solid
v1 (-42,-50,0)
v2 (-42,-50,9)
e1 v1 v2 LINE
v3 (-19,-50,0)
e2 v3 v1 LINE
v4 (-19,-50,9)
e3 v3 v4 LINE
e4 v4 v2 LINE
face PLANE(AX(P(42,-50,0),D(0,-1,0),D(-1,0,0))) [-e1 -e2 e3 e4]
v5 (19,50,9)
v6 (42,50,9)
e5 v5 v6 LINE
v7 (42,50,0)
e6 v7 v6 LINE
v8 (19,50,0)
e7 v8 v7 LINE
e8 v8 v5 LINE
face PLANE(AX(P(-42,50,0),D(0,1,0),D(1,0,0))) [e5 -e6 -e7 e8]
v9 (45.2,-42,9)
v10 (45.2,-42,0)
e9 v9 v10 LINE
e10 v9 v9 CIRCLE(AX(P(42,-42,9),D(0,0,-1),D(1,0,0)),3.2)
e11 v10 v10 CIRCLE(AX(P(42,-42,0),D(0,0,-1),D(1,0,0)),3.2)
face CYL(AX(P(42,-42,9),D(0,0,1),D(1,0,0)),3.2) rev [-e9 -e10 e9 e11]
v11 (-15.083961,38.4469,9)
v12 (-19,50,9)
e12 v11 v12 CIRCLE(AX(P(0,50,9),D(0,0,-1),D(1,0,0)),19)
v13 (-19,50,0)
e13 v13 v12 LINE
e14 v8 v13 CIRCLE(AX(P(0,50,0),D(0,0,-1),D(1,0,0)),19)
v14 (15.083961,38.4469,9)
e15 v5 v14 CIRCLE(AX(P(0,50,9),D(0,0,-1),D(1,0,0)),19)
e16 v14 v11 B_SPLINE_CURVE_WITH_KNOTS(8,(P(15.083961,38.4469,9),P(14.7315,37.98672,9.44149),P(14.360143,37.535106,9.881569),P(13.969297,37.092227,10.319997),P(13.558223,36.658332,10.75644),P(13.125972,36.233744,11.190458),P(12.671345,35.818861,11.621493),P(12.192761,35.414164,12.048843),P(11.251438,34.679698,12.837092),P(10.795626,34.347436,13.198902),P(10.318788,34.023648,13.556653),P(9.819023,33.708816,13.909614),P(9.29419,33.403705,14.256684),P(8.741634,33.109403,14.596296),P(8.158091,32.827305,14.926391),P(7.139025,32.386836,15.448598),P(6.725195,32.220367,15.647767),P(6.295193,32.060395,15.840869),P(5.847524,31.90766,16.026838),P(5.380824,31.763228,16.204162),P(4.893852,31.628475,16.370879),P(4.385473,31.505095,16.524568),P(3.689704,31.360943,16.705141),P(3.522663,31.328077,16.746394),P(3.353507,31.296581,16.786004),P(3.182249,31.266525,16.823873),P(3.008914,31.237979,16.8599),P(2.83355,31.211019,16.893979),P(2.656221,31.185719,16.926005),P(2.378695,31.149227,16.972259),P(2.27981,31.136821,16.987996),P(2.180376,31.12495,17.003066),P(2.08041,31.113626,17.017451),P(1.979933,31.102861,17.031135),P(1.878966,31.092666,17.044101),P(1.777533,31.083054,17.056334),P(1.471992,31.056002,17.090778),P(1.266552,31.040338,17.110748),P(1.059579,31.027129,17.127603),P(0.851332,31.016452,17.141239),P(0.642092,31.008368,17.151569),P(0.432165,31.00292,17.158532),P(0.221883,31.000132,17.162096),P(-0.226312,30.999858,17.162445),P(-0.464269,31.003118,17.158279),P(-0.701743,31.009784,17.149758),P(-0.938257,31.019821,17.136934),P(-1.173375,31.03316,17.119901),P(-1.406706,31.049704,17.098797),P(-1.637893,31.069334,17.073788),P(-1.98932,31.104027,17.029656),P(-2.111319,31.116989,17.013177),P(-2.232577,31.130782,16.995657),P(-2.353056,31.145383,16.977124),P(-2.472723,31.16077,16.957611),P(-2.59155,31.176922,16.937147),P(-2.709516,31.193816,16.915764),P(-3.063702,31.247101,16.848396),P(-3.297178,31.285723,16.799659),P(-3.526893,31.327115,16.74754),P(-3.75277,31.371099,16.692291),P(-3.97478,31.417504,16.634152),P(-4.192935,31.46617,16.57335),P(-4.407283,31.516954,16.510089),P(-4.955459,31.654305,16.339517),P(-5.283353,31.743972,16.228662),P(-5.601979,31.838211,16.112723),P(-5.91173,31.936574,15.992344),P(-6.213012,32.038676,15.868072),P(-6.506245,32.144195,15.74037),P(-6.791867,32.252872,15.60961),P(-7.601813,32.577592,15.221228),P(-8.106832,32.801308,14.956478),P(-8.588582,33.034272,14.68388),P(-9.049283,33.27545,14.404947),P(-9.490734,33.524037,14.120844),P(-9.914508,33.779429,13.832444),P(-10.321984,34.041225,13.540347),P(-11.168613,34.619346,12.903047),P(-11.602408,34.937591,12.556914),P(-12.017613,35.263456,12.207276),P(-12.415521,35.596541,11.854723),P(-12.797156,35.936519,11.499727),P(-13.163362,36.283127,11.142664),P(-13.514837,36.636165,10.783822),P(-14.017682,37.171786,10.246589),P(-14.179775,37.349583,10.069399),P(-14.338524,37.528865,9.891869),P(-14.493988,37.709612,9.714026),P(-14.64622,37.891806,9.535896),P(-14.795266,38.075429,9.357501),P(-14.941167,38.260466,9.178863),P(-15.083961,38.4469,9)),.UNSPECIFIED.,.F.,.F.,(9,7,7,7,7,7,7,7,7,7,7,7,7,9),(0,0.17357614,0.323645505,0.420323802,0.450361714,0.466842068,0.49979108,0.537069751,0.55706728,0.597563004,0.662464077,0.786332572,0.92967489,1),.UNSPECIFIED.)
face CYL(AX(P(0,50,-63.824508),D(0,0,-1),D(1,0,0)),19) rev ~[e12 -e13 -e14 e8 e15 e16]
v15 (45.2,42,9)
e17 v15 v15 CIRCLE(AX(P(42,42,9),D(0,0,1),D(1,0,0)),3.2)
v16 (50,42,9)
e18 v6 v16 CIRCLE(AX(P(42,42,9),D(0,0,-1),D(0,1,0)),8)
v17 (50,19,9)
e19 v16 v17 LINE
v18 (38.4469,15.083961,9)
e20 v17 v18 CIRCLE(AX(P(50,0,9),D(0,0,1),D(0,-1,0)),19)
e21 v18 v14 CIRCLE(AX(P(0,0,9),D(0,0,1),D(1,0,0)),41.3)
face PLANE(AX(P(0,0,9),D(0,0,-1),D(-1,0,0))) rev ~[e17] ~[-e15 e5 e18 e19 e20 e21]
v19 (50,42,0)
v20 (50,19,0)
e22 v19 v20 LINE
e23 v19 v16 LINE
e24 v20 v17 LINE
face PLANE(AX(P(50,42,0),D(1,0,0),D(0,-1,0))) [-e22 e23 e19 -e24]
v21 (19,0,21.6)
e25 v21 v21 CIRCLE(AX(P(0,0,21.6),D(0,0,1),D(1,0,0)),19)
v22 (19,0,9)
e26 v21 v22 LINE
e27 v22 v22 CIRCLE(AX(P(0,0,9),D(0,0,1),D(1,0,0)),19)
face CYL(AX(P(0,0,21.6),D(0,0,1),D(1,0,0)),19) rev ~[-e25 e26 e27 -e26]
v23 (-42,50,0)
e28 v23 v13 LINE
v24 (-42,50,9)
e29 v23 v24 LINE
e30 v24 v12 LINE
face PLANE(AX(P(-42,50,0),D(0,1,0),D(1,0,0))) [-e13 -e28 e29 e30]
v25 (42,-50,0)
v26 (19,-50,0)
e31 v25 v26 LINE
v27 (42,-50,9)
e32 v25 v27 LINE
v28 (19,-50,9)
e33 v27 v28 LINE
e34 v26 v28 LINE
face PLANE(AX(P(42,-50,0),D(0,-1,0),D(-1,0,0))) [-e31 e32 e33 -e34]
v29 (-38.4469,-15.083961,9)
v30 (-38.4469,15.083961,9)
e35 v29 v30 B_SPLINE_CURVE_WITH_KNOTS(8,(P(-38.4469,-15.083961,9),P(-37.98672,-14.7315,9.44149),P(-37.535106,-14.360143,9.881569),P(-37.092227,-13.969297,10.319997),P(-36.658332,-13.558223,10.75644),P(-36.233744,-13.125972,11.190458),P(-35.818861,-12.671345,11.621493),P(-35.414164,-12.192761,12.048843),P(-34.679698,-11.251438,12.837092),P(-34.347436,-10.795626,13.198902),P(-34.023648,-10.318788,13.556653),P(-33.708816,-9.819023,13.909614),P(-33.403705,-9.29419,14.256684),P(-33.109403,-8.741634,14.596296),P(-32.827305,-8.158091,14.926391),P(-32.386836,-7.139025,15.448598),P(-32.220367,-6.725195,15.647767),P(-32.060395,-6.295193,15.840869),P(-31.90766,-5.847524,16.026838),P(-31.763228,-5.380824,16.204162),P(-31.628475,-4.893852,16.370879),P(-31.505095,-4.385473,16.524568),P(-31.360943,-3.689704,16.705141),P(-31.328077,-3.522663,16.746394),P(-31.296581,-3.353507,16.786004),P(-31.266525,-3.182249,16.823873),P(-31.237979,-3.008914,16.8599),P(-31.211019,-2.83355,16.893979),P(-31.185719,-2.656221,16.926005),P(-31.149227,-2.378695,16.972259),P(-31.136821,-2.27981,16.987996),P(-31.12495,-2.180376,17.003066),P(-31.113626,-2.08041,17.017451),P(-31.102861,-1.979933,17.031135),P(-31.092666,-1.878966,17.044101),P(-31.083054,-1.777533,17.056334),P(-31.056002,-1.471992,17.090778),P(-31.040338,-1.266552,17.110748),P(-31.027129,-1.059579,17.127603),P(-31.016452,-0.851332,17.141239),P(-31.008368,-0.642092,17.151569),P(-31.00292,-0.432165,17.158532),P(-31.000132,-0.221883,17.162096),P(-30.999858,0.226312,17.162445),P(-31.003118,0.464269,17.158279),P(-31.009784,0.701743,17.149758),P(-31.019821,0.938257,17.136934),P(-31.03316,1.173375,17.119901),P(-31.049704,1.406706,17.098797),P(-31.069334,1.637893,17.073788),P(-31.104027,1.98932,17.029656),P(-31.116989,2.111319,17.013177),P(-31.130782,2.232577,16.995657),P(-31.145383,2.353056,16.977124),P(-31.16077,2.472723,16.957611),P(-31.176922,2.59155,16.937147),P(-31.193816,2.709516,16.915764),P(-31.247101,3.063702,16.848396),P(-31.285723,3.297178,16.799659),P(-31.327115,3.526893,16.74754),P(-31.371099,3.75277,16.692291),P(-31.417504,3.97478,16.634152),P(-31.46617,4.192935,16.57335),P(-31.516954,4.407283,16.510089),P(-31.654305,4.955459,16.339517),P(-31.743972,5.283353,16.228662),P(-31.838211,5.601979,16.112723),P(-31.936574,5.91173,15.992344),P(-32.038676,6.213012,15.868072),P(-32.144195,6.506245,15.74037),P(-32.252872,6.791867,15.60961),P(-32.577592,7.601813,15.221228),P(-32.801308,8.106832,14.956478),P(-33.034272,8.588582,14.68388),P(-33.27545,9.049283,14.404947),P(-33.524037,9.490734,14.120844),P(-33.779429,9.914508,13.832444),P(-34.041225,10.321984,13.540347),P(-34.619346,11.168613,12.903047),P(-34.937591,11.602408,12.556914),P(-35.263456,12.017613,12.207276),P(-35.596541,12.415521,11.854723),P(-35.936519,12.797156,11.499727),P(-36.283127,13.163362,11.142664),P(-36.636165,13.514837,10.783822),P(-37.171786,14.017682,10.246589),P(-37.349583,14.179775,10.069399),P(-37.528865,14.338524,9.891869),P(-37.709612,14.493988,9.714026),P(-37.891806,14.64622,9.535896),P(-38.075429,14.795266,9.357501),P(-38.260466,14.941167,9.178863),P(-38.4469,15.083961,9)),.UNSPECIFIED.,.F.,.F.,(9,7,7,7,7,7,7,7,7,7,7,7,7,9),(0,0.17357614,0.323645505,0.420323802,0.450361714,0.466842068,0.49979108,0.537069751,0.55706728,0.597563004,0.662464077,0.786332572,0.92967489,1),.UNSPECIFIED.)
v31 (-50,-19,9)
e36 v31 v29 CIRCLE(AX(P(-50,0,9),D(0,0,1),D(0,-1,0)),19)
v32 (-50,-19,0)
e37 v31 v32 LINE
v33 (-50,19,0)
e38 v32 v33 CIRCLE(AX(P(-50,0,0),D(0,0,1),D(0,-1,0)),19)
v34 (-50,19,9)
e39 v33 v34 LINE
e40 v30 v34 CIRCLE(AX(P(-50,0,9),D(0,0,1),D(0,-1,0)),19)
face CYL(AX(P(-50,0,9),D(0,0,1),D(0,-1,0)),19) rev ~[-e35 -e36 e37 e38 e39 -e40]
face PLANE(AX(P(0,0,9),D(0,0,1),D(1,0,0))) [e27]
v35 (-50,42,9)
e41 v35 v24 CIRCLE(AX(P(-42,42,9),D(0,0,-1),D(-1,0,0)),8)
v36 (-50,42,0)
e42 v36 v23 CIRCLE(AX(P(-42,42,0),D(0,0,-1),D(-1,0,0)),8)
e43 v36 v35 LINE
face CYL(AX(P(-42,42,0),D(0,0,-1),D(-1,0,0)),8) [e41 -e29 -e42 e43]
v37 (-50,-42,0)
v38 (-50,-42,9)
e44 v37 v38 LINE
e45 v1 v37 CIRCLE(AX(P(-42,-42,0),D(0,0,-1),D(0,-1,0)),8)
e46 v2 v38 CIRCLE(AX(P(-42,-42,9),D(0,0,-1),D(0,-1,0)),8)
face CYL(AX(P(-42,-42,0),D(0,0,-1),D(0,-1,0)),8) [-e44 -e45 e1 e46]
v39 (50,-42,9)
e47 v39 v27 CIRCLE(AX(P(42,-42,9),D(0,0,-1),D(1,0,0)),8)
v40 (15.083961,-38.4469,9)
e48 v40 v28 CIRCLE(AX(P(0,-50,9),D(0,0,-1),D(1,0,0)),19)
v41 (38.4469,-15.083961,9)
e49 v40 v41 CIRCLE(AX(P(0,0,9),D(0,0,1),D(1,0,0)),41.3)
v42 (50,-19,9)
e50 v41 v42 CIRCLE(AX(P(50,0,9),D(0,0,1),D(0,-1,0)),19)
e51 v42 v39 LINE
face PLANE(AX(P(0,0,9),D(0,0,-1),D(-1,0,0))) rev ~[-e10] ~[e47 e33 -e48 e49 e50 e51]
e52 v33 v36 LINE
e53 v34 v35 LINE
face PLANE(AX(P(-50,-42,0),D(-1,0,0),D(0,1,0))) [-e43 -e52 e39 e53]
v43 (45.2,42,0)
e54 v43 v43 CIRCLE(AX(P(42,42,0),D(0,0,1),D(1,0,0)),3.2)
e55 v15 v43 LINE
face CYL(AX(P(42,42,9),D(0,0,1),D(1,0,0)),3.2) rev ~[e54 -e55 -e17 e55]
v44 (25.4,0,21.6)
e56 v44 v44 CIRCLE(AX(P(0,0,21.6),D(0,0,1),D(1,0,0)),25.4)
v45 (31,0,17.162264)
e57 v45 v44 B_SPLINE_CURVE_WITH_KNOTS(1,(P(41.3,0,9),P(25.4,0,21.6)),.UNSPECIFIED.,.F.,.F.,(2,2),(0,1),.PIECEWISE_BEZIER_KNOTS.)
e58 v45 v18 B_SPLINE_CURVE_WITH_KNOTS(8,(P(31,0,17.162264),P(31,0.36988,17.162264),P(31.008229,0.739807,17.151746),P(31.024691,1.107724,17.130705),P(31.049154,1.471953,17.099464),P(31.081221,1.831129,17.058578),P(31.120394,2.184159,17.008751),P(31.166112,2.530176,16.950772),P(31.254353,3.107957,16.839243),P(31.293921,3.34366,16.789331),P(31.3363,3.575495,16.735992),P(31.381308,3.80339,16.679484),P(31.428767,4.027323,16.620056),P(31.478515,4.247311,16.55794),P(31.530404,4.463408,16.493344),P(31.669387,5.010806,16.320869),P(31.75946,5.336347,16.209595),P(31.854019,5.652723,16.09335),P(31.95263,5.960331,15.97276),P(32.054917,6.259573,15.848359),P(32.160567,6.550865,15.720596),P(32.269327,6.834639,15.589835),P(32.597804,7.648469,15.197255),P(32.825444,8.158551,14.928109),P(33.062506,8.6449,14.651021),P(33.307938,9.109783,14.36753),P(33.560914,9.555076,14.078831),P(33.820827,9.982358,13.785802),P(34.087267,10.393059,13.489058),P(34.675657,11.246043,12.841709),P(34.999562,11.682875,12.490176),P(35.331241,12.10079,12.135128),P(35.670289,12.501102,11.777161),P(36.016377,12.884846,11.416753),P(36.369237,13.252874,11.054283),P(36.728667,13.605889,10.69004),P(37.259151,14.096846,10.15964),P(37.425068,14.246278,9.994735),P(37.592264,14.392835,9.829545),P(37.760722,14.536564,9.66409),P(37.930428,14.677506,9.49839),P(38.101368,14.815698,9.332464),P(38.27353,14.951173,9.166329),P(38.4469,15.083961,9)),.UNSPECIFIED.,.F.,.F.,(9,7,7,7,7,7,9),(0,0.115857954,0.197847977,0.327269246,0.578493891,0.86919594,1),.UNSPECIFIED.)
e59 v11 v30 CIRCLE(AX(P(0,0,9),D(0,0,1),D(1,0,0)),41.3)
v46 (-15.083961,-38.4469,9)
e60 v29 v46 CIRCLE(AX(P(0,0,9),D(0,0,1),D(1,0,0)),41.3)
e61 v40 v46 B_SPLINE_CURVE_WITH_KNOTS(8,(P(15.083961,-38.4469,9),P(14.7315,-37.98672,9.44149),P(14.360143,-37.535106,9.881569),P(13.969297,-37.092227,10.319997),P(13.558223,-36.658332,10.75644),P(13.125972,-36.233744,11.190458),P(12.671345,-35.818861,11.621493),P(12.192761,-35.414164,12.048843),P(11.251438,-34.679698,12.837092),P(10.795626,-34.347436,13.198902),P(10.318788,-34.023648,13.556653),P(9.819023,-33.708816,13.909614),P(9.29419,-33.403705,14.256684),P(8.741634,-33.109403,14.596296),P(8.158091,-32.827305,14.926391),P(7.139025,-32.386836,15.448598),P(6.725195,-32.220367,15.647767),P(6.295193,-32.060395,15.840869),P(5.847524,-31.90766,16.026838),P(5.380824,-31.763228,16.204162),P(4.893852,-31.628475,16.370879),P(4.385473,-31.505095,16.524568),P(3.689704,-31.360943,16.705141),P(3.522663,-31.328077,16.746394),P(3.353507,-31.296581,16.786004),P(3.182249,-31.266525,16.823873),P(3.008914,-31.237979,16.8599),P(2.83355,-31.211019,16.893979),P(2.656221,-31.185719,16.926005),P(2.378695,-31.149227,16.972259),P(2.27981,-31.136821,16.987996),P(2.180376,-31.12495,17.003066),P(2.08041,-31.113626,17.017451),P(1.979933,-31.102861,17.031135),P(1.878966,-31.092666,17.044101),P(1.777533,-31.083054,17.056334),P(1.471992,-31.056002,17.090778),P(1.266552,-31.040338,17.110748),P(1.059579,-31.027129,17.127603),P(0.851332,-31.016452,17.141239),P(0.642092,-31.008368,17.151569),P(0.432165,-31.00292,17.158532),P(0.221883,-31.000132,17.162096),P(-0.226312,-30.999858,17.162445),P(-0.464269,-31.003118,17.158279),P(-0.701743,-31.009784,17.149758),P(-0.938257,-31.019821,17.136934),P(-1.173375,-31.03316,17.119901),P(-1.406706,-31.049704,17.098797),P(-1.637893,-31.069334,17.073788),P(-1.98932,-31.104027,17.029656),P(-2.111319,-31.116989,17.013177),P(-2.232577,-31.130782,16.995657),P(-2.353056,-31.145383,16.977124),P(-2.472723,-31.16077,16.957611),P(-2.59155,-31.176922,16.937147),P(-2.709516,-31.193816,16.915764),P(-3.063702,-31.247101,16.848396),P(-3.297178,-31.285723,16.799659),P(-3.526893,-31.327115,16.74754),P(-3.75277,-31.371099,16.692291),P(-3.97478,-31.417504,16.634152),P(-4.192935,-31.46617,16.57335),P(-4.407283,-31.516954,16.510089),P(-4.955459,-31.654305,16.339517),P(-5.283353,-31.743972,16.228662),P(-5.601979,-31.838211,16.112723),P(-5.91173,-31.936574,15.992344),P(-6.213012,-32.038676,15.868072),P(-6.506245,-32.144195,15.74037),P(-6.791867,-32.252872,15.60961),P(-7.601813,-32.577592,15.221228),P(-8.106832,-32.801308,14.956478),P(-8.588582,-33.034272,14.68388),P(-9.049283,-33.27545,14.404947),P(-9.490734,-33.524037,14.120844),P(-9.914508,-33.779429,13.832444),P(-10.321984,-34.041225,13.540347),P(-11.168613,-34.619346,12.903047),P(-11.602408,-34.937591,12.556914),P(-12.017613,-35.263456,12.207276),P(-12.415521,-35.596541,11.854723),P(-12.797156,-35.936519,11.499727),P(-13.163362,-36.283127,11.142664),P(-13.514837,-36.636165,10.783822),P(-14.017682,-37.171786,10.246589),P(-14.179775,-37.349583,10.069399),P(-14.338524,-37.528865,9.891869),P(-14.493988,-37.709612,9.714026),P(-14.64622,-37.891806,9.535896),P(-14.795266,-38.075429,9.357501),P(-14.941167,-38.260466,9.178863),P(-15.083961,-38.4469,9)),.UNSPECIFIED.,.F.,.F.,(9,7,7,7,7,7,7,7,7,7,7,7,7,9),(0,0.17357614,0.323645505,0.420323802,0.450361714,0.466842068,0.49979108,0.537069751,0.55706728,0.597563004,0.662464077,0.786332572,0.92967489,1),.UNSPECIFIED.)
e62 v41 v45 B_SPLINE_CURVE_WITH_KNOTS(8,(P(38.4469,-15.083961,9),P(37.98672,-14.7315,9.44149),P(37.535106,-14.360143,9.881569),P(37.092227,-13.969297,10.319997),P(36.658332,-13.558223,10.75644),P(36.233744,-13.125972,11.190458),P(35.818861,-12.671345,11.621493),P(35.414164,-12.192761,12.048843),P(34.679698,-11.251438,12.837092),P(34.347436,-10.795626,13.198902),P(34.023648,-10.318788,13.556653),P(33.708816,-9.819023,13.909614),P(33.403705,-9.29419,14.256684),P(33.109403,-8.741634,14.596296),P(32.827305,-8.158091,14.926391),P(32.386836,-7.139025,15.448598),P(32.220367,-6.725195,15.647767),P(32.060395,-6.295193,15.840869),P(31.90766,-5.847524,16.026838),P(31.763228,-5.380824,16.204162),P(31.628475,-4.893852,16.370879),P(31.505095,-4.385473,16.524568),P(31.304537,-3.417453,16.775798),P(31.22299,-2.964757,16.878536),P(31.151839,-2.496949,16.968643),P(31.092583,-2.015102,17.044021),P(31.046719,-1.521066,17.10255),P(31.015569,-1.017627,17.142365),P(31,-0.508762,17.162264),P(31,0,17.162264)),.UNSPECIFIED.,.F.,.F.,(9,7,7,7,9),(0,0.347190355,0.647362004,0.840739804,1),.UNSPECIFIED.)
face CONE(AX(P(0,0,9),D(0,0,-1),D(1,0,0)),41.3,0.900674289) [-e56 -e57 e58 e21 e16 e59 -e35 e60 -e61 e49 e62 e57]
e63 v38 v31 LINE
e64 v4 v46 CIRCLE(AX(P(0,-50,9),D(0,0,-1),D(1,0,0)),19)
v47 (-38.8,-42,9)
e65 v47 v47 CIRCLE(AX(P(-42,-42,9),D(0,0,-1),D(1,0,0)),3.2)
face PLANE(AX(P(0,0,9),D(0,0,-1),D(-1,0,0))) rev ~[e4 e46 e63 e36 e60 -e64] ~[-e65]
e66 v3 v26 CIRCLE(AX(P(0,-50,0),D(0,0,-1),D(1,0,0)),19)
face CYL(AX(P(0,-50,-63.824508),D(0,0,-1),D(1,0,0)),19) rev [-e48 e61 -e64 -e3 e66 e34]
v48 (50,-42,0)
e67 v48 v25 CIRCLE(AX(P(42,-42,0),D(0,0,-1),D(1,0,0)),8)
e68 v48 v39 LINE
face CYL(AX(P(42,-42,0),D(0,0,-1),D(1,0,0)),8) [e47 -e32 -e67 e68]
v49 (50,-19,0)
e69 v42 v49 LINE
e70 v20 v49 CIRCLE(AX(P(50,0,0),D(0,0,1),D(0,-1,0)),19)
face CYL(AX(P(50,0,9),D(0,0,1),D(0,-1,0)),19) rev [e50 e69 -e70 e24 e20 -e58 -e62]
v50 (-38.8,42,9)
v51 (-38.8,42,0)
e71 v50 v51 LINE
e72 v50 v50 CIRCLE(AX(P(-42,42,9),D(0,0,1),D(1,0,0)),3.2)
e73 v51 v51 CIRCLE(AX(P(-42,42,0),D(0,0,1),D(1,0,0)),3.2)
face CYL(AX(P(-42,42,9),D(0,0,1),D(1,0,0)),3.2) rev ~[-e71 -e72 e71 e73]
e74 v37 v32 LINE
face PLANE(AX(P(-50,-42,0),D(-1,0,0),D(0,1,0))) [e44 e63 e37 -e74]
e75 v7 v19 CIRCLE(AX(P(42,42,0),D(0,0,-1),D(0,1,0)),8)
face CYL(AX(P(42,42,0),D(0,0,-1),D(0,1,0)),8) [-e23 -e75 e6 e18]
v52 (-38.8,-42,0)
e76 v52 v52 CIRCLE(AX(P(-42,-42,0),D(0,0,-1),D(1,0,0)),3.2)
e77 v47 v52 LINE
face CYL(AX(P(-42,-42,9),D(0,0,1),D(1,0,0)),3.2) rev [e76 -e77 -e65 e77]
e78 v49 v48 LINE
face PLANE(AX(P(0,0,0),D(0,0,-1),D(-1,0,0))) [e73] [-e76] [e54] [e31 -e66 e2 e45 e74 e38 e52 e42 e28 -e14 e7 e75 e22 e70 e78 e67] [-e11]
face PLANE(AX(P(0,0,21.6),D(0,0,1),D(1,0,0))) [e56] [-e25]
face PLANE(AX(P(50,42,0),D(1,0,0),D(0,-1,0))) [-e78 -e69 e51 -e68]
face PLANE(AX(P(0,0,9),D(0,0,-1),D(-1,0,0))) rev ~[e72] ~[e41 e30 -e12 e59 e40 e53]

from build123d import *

# Parameters (mm, degrees)
BOSS_EXTRUDE1_DEPTH     = 9
SKETCH2_R               = 41.3
SKETCH3_R               = 25.4
SKETCH4_R               = 19
CUT_EXTRUDE1_DEPTH      = 12.6
SKETCH5_R               = 3.2
CUT_EXTRUDE2_DEPTH      = 9
CUT_EXTRUDE3_DEPTH      = 72.824508369
CUT_EXTRUDE3_DEPTH_BACK = 72.824508369
CUT_EXTRUDE4_DEPTH      = 72.824508439


with BuildPart() as part:
    # Sketch1 → Boss-Extrude1 (new body)
    with BuildSketch(Plane.XY):
        with BuildLine():
            Line((-42, 50), (42, 50))
            ThreePointArc((42, 50), (47.656854249, 47.656854249), (50, 42))
            Line((50, 42), (50, -42))
            ThreePointArc((50, -42), (47.656854249, -47.656854249), (42, -50))
            Line((42, -50), (-42, -50))
            ThreePointArc((-42, -50), (-47.656854249, -47.656854249), (-50, -42))
            Line((-50, -42), (-50, 42))
            ThreePointArc((-50, 42), (-47.656854249, 47.656854249), (-42, 50))
        make_face()
    extrude(amount=BOSS_EXTRUDE1_DEPTH)

    # Sketch2 → Loft1 section 0
    with BuildSketch(Plane.XY.offset(9)):
        Circle(SKETCH2_R)
    # Sketch3 → Loft1 section 1
    with BuildSketch(Plane.XY.offset(21.6)):
        Circle(SKETCH3_R)
    loft()

    # Sketch4 → Cut-Extrude1 (cut)
    with BuildSketch(Plane.XY.offset(21.6)):
        Circle(SKETCH4_R)
    extrude(amount=-CUT_EXTRUDE1_DEPTH, mode=Mode.SUBTRACT)

    # Sketch5 → Cut-Extrude2 (cut)
    with BuildSketch(Plane.XY.offset(9)):
        with Locations((-42, 42)):
            Circle(SKETCH5_R)
        with Locations((42, 42)):
            Circle(SKETCH5_R)
    cut_extrude2 = extrude(amount=-CUT_EXTRUDE2_DEPTH, mode=Mode.SUBTRACT)

    # Mirror1: Cut-Extrude2 across plane
    add(cut_extrude2.mirror(Plane.ZX), mode=Mode.SUBTRACT)

    # Sketch6 → Cut-Extrude3 (cut, two sides: drawn at the far end of the back side and taken through both)
    with BuildSketch(Plane.XY.offset(9).offset(-CUT_EXTRUDE3_DEPTH_BACK)):
        with BuildLine():
            Line((-19, -50), (19, -50))
            ThreePointArc((19, -50), (0, -31), (-19, -50))
        make_face()
        with BuildLine():
            Line((-19, 50), (19, 50))
            ThreePointArc((19, 50), (0, 31), (-19, 50))
        make_face()
    extrude(amount=CUT_EXTRUDE3_DEPTH + CUT_EXTRUDE3_DEPTH_BACK, mode=Mode.SUBTRACT)

    # Sketch8 → Cut-Extrude4 (cut, symmetric)
    with BuildSketch(Plane.XY.offset(9)):
        with BuildLine():
            Line((50, 19), (50, -19))
            ThreePointArc((50, -19), (31, 0), (50, 19))
        make_face()
    cut_extrude4 = extrude(amount=CUT_EXTRUDE4_DEPTH, both=True, mode=Mode.SUBTRACT)

    # Mirror3: Cut-Extrude4 across plane
    add(cut_extrude4.mirror(Plane(origin=(0, 0, 0), x_dir=(0, 0, 1), z_dir=(1, 0, 0))), mode=Mode.SUBTRACT)


solid = part.part
